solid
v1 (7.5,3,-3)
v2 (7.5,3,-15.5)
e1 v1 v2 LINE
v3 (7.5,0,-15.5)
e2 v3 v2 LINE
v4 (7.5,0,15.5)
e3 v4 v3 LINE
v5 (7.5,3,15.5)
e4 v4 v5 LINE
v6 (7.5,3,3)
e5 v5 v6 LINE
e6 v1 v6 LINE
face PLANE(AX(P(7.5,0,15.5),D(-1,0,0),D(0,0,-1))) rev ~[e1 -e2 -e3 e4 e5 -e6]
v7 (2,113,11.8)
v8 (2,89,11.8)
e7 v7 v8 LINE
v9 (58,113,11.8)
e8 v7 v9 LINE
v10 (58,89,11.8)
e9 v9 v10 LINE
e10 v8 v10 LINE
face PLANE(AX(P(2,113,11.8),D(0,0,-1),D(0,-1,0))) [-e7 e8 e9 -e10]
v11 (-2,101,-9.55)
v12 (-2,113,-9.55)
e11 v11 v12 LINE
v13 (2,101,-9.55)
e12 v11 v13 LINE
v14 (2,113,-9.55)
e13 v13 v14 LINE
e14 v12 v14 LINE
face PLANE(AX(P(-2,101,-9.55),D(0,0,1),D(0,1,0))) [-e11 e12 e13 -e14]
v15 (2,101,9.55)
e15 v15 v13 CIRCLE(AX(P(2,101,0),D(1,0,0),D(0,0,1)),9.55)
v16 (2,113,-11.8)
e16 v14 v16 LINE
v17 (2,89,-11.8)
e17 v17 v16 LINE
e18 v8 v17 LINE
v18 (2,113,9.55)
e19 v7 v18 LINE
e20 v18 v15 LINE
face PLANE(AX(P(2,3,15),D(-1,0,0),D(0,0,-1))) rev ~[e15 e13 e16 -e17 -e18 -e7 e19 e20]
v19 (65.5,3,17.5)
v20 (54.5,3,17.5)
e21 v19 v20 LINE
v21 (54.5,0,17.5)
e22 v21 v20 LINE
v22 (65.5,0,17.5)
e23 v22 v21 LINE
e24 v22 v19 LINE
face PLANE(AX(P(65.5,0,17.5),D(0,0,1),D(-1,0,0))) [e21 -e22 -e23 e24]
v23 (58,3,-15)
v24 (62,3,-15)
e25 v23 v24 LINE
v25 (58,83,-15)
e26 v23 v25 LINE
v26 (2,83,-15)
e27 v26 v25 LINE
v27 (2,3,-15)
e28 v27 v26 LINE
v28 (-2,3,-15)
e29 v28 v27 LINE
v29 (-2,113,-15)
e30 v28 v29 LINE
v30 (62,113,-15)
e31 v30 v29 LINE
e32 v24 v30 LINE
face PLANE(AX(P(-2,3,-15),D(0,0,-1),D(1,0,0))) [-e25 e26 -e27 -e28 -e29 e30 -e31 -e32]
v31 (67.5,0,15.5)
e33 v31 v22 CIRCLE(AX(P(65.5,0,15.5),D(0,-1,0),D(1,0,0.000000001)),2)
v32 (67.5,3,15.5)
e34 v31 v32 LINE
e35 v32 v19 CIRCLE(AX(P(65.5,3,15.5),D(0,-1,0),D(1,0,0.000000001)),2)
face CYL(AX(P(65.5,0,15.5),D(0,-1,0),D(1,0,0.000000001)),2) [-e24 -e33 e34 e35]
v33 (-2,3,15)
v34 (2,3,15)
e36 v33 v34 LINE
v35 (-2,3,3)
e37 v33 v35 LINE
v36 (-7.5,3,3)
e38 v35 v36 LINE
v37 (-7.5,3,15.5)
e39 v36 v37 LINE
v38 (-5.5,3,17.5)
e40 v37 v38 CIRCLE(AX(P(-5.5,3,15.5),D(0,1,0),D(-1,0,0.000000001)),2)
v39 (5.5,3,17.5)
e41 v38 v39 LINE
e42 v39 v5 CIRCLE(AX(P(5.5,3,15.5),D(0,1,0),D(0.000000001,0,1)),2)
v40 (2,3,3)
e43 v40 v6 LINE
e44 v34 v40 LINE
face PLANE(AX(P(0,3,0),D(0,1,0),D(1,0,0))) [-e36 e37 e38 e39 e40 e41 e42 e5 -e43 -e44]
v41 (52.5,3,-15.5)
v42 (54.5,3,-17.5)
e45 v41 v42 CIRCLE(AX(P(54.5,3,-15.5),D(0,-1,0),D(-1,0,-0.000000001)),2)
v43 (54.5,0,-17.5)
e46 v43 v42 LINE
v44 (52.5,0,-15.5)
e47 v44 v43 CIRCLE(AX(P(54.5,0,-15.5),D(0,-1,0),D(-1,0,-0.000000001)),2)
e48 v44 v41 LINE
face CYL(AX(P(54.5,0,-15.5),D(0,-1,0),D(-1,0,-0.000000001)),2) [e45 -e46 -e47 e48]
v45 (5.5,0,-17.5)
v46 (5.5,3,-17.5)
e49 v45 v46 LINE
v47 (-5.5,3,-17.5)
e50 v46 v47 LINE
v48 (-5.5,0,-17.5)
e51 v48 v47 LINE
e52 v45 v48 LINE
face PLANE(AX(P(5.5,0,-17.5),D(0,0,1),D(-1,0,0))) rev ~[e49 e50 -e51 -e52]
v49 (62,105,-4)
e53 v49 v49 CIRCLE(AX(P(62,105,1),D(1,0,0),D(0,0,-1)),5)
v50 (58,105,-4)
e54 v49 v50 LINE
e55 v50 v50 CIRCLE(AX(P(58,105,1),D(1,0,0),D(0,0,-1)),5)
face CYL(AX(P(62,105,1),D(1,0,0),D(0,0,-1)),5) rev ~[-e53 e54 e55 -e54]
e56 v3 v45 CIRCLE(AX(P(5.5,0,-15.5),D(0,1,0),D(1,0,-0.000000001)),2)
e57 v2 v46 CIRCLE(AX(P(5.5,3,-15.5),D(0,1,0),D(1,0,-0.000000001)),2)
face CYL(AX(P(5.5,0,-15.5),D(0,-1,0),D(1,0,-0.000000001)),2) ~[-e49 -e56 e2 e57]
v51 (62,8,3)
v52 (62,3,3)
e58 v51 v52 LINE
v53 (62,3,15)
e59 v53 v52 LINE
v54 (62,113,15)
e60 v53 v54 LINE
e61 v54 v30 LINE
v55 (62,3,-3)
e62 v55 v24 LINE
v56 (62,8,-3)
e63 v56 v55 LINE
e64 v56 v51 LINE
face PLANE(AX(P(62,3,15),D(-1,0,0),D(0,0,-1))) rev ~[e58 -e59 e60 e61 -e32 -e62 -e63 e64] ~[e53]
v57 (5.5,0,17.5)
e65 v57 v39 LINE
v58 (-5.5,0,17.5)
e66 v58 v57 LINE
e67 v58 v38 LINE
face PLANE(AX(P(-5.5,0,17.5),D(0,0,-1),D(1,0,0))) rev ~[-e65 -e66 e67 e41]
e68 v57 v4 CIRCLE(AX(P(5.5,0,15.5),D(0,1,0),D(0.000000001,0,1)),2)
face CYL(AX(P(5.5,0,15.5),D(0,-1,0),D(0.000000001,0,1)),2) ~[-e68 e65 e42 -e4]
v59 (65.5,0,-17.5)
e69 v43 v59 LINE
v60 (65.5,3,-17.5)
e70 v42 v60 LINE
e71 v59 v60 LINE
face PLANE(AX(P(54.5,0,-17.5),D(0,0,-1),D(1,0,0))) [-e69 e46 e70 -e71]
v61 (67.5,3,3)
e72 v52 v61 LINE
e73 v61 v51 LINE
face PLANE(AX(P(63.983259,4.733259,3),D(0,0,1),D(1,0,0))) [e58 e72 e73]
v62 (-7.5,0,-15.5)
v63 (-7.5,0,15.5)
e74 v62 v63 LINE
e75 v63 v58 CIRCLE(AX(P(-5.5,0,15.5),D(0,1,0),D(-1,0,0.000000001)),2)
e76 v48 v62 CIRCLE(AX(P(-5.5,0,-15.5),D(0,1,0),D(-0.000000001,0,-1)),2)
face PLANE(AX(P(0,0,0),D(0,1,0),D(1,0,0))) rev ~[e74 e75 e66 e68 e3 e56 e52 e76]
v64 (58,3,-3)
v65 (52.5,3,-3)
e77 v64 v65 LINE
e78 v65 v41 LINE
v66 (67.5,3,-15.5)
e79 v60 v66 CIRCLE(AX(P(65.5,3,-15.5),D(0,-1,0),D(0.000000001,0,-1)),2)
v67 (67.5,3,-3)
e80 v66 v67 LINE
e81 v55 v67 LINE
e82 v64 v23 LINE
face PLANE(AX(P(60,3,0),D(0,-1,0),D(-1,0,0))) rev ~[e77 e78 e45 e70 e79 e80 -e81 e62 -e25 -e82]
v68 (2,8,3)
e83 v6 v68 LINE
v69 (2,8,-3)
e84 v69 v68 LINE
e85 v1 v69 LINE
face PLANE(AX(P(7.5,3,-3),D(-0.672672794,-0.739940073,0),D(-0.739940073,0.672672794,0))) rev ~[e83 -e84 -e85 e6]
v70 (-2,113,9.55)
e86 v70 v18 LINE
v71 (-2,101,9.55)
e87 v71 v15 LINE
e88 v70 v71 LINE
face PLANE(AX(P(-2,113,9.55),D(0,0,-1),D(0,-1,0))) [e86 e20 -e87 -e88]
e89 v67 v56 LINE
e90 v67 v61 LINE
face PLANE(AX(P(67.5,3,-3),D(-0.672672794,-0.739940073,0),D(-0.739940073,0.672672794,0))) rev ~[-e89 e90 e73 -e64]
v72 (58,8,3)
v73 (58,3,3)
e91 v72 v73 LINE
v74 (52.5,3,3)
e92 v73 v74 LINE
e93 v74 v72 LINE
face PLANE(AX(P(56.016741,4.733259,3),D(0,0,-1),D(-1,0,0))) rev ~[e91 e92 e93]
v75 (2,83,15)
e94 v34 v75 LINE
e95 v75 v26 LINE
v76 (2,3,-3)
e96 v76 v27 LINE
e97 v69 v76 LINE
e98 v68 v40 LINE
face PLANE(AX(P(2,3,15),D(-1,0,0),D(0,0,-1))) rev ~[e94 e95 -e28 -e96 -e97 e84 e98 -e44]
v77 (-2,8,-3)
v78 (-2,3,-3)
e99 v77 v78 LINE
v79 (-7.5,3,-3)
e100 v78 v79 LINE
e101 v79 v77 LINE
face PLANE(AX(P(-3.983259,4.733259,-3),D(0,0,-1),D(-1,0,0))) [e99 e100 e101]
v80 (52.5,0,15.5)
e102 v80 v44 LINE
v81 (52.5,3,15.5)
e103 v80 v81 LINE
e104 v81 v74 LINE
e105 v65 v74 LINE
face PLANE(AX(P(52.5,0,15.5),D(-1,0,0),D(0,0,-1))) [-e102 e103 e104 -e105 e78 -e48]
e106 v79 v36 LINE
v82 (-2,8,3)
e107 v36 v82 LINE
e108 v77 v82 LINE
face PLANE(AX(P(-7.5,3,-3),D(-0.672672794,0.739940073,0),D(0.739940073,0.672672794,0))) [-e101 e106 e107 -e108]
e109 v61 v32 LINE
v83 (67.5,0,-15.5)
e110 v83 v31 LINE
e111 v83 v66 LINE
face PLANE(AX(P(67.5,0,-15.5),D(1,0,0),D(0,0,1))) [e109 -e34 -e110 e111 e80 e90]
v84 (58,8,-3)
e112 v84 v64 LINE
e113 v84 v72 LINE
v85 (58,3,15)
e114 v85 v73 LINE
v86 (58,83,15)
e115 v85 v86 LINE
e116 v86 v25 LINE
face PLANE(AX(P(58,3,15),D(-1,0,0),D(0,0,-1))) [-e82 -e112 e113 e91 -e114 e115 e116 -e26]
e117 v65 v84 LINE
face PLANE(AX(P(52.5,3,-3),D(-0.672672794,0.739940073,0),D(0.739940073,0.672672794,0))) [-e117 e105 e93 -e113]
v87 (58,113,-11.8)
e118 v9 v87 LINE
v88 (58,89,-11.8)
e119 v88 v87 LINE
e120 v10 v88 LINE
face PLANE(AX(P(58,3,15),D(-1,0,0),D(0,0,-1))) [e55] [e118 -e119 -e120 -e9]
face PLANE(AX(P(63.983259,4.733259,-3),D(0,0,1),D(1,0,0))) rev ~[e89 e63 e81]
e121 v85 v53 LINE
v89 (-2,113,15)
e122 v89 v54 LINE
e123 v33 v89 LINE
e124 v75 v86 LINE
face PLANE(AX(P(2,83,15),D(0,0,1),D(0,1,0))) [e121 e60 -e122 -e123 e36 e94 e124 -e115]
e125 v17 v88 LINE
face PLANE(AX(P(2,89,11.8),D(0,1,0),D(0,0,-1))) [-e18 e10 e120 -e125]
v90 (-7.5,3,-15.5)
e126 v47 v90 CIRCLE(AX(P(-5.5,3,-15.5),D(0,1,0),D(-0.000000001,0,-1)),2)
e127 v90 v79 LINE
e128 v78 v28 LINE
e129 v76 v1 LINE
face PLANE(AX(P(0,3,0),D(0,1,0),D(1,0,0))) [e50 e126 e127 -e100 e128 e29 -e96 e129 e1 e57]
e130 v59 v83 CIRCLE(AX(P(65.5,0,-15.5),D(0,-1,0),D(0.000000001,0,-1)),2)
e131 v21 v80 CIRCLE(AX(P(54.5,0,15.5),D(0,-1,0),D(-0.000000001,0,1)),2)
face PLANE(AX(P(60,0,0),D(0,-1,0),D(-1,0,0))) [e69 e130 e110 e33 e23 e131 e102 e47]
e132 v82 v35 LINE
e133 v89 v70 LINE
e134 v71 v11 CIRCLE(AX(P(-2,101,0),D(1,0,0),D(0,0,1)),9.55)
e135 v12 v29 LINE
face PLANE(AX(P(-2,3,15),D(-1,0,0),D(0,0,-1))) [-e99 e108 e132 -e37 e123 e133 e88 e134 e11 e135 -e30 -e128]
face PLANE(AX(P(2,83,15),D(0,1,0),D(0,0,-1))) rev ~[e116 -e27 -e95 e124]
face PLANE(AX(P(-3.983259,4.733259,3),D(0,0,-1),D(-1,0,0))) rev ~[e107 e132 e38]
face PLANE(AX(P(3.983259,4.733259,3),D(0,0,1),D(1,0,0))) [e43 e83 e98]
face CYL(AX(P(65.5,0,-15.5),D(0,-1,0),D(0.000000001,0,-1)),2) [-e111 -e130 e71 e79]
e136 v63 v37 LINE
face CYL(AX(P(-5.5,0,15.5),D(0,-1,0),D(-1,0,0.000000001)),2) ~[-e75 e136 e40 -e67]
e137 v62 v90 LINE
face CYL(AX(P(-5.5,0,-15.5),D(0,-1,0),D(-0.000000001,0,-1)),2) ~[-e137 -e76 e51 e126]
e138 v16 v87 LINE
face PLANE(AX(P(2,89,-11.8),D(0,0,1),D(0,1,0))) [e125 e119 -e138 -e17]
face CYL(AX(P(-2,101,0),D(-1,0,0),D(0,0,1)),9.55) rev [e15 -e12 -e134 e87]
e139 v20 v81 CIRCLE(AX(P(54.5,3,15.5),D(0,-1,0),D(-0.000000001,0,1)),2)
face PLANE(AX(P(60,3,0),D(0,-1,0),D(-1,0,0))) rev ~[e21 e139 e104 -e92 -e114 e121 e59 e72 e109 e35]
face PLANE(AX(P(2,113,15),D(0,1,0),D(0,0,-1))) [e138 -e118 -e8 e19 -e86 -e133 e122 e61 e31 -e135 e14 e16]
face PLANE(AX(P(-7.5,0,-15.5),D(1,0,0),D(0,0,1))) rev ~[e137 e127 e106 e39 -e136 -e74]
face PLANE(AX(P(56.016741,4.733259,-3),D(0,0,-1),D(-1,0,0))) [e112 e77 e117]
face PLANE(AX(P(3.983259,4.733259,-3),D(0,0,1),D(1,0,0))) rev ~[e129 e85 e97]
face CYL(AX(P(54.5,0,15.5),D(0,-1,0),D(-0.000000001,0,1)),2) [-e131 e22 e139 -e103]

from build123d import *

# Parameters (mm, degrees)
SALIENTE_EXTRUIR1_DEPTH      = 3
SALIENTE_EXTRUIR1_2_DEPTH    = 3
SALIENTE_EXTRUIR2_DEPTH      = 3
SALIENTE_EXTRUIR2_DEPTH_BACK = 3
CROQUIS4_W                   = 4
CROQUIS4_H                   = 30
SALIENTE_EXTRUIR3_DEPTH      = 110
SALIENTE_EXTRUIR4_DEPTH      = 56
CORTAR_EXTRUIR1_DEPTH        = 4
CROQUIS7_R                   = 5
CORTAR_EXTRUIR2_DEPTH        = 4


with BuildPart() as part:
    # Croquis2 → Saliente-Extruir1 (new body)
    with BuildSketch(Plane(origin=(0, 0, 0), x_dir=(1, 0, 0), z_dir=(0, 1, 0))):
        with BuildLine():
            Line((-5.5, -17.5), (5.5, -17.5))
            ThreePointArc((5.5, -17.5), (6.914213562, -16.914213562), (7.5, -15.5))
            Line((7.5, -15.5), (7.5, 15.5))
            ThreePointArc((7.5, 15.5), (6.914213562, 16.914213562), (5.5, 17.5))
            Line((5.5, 17.5), (-5.5, 17.5))
            ThreePointArc((-5.5, 17.5), (-6.914213562, 16.914213562), (-7.5, 15.5))
            Line((-7.5, 15.5), (-7.5, -15.5))
            ThreePointArc((-7.5, -15.5), (-6.914213562, -16.914213562), (-5.5, -17.5))
        make_face()
    extrude(amount=SALIENTE_EXTRUIR1_DEPTH)



with BuildPart() as body_2:
    # Croquis2 → Saliente-Extruir1 2 (new body)
    with BuildSketch(Plane(origin=(0, 0, 0), x_dir=(1, 0, 0), z_dir=(0, 1, 0))):
        with BuildLine():
            Line((52.5, -15.5), (52.5, 15.5))
            ThreePointArc((52.5, 15.5), (53.085786438, 16.914213562), (54.5, 17.5))
            Line((54.5, 17.5), (65.5, 17.5))
            ThreePointArc((65.5, 17.5), (66.914213562, 16.914213562), (67.5, 15.5))
            Line((67.5, 15.5), (67.5, -15.5))
            ThreePointArc((67.5, -15.5), (66.914213562, -16.914213562), (65.5, -17.5))
            Line((65.5, -17.5), (54.5, -17.5))
            ThreePointArc((54.5, -17.5), (53.085786438, -16.914213562), (52.5, -15.5))
        make_face()
    extrude(amount=SALIENTE_EXTRUIR1_2_DEPTH)


with BuildPart() as part_1:
    add(part.part)

    add(body_2.part)  # Saliente-Extruir2 merges body 2
    # Croquis3 → Saliente-Extruir2 (add, two sides: drawn at the far end of the back side and taken through both)
    with BuildSketch(Plane.XY.offset(-SALIENTE_EXTRUIR2_DEPTH_BACK)):
        Polygon((-7.5, 3), (-2, 8), (-2, 3), align=None)
        Polygon((2, 3), (7.5, 3), (2, 8), align=None)
        Polygon((52.5, 3), (58, 8), (58, 3), align=None)
        Polygon((62, 3), (67.5, 3), (62, 8), align=None)
    extrude(amount=SALIENTE_EXTRUIR2_DEPTH + SALIENTE_EXTRUIR2_DEPTH_BACK)

    # Croquis4 → Saliente-Extruir3 (add)
    with BuildSketch(Plane(origin=(0, 3, 0), x_dir=(1, 0, 0), z_dir=(0, 1, 0))):
        Rectangle(CROQUIS4_W, CROQUIS4_H)
        with Locations((60, 0)):
            Rectangle(CROQUIS4_W, CROQUIS4_H)
    extrude(amount=SALIENTE_EXTRUIR3_DEPTH)

    # Croquis5 → Saliente-Extruir4 (add)
    with BuildSketch(Plane(origin=(2, 0, 0), x_dir=(0, 0, -1), z_dir=(1, 0, 0))):
        Polygon((-15, 113), (-11.8, 113), (-11.8, 89), (11.8, 89), (11.8, 113), (15, 113), (15, 83), (11.5, 83), (-11.5, 83), (-15, 83), align=None)
    extrude(amount=SALIENTE_EXTRUIR4_DEPTH)

    # Croquis6 → Cortar-Extruir1 (cut)
    with BuildSketch(Plane.ZY.offset(2)):
        with BuildLine():
            Line((-9.55, 101), (-9.55, 113))
            Line((-9.55, 113), (9.55, 113))
            Line((9.55, 113), (9.55, 101))
            ThreePointArc((9.55, 101), (0, 91.45), (-9.55, 101))
        make_face()
    extrude(amount=-CORTAR_EXTRUIR1_DEPTH, mode=Mode.SUBTRACT)

    # Croquis7 → Cortar-Extruir2 (cut)
    with BuildSketch(Plane(origin=(62, 0, 0), x_dir=(0, 0, -1), z_dir=(1, 0, 0))):
        with Locations((-1, 105)):
            Circle(CROQUIS7_R)
    extrude(amount=-CORTAR_EXTRUIR2_DEPTH, mode=Mode.SUBTRACT)


solid = part_1.part
